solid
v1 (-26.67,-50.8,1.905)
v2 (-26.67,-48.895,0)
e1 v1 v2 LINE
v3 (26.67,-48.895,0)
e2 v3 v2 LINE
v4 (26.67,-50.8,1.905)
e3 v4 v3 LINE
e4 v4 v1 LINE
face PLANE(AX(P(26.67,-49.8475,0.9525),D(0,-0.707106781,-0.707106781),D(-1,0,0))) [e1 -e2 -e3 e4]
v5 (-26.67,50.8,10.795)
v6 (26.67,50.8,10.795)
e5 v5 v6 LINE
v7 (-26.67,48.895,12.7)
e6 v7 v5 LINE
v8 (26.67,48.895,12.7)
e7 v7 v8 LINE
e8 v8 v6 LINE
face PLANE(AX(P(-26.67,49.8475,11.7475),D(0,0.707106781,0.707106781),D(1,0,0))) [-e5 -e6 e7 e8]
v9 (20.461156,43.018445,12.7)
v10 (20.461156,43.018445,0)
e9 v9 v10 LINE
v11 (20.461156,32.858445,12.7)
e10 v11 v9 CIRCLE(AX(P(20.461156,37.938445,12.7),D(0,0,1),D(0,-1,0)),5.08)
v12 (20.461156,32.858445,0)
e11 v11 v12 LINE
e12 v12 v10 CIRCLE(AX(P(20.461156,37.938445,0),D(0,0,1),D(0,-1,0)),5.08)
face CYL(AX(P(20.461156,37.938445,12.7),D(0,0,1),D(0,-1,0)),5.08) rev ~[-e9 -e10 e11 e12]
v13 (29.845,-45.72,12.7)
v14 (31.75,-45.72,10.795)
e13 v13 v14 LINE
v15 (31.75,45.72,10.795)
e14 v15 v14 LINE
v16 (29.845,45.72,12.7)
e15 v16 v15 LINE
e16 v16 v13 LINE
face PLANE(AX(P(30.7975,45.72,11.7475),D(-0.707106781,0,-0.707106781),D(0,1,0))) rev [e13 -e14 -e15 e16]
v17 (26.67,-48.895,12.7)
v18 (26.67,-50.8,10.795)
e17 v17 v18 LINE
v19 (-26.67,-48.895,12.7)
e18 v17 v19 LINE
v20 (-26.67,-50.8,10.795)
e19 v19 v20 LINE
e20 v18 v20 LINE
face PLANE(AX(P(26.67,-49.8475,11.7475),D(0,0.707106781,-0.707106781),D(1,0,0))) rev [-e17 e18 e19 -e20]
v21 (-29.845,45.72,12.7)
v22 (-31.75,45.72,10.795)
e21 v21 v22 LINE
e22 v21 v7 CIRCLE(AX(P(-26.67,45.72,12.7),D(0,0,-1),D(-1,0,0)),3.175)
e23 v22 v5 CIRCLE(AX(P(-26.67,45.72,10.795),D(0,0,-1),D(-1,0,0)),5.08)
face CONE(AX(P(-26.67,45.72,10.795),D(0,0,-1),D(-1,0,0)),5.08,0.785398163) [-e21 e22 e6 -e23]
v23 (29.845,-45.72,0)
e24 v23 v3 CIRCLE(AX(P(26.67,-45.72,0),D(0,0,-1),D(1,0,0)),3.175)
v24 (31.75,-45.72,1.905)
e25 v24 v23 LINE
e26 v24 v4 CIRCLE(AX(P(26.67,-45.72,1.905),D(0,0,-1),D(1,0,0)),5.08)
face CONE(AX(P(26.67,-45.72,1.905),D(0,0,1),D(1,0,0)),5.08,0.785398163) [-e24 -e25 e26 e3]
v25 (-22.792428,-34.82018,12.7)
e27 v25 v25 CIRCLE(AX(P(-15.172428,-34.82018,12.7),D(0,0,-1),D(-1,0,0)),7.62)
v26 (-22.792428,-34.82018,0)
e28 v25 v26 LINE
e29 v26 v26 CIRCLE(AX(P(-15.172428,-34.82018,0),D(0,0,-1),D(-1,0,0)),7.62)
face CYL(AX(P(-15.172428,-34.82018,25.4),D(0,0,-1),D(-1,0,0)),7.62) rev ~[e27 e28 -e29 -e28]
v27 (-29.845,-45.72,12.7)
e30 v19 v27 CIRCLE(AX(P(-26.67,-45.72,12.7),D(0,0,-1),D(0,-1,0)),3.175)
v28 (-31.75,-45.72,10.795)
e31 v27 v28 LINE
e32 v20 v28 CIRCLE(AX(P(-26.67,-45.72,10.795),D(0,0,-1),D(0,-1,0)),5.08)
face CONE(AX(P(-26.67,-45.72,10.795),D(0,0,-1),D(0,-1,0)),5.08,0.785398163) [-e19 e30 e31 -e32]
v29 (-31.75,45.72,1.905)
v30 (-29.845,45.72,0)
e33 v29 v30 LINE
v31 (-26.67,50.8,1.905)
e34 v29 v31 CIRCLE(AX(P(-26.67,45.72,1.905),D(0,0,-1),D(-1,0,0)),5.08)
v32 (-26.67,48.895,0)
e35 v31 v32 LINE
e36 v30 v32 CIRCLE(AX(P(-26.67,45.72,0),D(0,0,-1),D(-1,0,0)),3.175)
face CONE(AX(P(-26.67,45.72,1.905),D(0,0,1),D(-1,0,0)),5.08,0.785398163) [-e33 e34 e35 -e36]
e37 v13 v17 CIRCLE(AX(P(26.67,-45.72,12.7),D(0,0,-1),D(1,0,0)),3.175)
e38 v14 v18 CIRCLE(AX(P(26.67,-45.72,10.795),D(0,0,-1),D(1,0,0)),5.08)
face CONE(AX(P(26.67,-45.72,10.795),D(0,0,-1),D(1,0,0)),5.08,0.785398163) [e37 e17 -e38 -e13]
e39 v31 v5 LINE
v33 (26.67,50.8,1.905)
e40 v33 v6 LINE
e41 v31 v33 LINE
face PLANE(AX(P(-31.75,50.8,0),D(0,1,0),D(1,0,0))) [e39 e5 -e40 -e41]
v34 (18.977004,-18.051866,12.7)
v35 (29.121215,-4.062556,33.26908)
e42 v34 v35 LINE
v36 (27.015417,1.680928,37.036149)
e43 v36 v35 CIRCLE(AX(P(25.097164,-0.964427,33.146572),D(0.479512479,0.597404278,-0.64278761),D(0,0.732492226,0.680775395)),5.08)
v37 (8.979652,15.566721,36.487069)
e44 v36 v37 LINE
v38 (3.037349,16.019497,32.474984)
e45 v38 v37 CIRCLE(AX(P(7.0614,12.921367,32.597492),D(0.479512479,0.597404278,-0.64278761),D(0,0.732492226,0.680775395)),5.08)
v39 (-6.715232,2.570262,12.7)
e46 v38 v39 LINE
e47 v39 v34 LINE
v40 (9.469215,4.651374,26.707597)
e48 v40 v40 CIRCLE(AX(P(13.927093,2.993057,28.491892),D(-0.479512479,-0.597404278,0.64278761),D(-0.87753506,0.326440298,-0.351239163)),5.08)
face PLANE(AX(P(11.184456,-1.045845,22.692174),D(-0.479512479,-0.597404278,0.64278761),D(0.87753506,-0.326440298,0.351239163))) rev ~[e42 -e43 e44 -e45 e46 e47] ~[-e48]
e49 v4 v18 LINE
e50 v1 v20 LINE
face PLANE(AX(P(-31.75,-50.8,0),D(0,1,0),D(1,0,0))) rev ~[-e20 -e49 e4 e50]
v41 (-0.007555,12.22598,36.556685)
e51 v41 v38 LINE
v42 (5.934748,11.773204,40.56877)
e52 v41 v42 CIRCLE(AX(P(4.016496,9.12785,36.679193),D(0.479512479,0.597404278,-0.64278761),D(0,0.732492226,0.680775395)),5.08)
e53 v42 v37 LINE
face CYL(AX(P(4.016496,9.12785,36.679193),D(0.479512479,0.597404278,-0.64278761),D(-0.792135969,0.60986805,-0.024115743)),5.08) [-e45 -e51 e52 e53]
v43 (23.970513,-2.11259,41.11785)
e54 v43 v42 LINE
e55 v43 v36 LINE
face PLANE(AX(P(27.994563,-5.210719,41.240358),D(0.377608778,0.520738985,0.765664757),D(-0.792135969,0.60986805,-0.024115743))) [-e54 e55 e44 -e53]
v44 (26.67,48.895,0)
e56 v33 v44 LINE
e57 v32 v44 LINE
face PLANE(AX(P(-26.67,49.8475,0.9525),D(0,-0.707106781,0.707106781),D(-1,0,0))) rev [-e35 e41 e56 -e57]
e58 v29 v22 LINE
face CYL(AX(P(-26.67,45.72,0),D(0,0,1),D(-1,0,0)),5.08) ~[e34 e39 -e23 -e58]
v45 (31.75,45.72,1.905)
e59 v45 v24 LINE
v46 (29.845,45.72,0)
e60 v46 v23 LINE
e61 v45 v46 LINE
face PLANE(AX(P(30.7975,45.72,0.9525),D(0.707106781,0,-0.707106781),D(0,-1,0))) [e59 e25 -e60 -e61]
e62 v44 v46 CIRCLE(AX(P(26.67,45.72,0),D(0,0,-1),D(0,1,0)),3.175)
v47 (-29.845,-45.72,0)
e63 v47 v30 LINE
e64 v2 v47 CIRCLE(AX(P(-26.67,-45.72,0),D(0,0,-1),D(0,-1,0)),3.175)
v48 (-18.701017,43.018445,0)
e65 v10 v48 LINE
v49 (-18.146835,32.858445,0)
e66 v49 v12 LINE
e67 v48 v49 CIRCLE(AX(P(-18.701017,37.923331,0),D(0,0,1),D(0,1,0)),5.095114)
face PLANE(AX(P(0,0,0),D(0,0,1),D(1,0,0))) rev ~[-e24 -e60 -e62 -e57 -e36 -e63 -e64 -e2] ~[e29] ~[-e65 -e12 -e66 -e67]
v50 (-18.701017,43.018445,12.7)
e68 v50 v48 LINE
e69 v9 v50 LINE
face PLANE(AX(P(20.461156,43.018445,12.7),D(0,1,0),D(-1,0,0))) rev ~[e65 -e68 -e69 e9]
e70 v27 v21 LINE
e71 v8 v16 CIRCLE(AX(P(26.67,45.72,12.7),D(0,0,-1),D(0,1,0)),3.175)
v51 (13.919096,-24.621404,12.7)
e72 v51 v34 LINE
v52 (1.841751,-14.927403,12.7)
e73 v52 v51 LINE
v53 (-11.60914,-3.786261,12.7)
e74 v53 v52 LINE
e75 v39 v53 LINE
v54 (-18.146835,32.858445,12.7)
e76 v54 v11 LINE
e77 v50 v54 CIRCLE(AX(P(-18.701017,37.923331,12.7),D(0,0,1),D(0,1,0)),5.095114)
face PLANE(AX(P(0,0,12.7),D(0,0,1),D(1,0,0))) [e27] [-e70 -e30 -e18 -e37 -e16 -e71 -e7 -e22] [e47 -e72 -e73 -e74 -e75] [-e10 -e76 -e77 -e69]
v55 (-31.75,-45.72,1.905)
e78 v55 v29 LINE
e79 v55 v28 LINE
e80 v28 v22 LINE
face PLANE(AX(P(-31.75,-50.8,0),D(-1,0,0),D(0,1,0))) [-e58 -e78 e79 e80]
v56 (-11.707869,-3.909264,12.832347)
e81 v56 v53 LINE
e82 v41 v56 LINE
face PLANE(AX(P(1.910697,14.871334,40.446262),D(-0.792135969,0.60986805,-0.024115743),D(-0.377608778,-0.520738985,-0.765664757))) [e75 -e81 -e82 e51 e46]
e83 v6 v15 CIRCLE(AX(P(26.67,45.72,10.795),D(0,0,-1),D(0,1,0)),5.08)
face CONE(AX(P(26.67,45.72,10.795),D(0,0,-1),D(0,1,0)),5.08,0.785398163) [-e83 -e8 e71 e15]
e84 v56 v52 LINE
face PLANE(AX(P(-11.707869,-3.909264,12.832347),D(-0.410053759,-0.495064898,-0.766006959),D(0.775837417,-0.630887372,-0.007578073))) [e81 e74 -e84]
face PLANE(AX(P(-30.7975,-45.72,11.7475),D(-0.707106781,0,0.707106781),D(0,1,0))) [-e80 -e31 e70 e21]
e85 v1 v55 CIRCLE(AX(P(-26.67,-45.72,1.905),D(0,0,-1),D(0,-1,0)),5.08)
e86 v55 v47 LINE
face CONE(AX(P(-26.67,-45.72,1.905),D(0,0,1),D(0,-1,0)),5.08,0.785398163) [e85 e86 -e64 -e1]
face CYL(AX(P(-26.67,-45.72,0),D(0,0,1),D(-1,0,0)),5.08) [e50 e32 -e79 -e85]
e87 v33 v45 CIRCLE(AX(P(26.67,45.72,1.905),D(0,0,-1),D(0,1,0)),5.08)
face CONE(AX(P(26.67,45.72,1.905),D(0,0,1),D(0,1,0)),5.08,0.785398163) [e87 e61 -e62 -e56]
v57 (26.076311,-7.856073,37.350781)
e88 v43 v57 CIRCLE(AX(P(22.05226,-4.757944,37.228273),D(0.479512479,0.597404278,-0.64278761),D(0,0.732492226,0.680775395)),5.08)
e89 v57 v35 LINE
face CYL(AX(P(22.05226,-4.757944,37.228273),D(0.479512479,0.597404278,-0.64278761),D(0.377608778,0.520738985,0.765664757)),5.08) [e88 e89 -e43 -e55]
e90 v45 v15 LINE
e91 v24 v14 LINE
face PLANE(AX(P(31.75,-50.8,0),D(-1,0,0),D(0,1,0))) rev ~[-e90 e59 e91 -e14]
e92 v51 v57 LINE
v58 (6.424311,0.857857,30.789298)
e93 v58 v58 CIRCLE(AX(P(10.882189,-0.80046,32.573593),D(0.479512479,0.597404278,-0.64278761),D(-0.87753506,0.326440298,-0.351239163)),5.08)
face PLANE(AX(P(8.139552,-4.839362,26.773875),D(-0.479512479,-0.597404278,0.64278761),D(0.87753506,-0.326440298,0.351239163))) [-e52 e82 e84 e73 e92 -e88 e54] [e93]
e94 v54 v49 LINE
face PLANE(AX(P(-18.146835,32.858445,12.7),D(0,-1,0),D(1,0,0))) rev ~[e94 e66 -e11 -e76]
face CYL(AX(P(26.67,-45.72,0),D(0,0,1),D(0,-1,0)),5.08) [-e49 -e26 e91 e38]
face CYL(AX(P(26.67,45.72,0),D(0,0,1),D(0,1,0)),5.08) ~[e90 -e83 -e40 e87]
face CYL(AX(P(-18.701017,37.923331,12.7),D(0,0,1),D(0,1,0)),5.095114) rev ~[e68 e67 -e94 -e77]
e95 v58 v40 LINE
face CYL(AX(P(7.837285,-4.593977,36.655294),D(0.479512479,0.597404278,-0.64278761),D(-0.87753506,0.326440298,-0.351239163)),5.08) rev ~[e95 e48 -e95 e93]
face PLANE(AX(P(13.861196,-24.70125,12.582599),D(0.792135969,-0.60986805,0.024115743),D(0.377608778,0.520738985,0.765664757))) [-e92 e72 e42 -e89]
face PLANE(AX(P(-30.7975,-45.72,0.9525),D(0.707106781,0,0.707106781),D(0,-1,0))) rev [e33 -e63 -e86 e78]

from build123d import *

# Parameters (mm, degrees)
F0_W      = 63.5
F0_H      = 101.6
F1_DEPTH  = 12.7
F5_DEPTH  = 6.35
F6_R      = 5.08
F8_D      = 10.16
F8_DEPTH  = 6.35
F8_TIP    = 3.0523719447
F10_D     = 15.24
F10_DEPTH = 12.7
F10_TIP   = 4.578557917
F12_DEPTH = 25.4
F13_R     = 5.08
F14_SIZE  = 1.905
F15_SIZE  = 1.905


with BuildPart() as f1:
    # F0 (on Top) → F1 (new body)
    with BuildSketch(Plane.XY):
        Rectangle(F0_W, F0_H)
    extrude(amount=F1_DEPTH)

    # F4 (on face) → F5 (join)
    with BuildSketch(Plane(origin=(-7.7671213914, -9.6767273995, 10.4118445509), x_dir=(0.8775350605, -0.3264402976, 0.3512391632), z_dir=(-0.4795124792, -0.5974042778, 0.6427876097))):
        Polygon((11.0284127295, 38.4279564023), (-4.4907014817, 5.8724405244), (24.646670238, -9.5275499275), (40.752428482, 24.2586095854), align=None)
    extrude(amount=-F5_DEPTH)

    # F6
    f6_edges = [f1.edges().sort_by_distance(p)[0] for p in [
        (3.43315, 16.768092, 38.405412),
        (29.517016, -3.313961, 39.199507),
    ]]
    fillet(f6_edges, radius=F6_R)

    # F8
    with Locations(Plane(origin=(-7.7671213914, -9.6767273995, 10.4118445509), x_dir=(0.8775350605, -0.3264402976, 0.3512391632), z_dir=(-0.4795124792, -0.5974042778, 0.6427876097))):
        with Locations((21.2519261986, 21.5889699757)):
            Hole(F8_D / 2, depth=F8_DEPTH)
            with Locations((0, 0, -(F8_DEPTH + F8_TIP / 2))):  # 118° drill point
                Cone(0, F8_D / 2, F8_TIP, mode=Mode.SUBTRACT)

    # F10
    with Locations(Plane.XY.offset(12.7)):
        with Locations((-15.1724275202, -34.8201803863)):
            Hole(F10_D / 2, depth=F10_DEPTH)
            with Locations((0, 0, -(F10_DEPTH + F10_TIP / 2))):  # 118° drill point
                Cone(0, F10_D / 2, F10_TIP, mode=Mode.SUBTRACT)

    # F11 (on face) → F12 (cut)
    with BuildSketch(Plane.XY.offset(12.7)):
        with BuildLine():
            ThreePointArc((-18.7010167369, 43.0184446276), (-23.7885681435, 37.6458278877), (-18.1468351234, 32.8584446276))
            Line((-18.1468351234, 32.8584446276), (20.4611556194, 32.8584446276))
            ThreePointArc((20.4611556194, 32.8584446276), (25.5411556194, 37.9384446276), (20.4611556194, 43.0184446276))
            Line((20.4611556194, 43.0184446276), (-18.7010167369, 43.0184446276))
        make_face()
    extrude(amount=-F12_DEPTH, mode=Mode.SUBTRACT)

    # F13
    f13_edges = [f1.edges().sort_by_distance(p)[0] for p in [
        (-31.75, 50.8, 6.35),
        (-31.75, -50.8, 6.35),
        (31.75, -50.8, 6.35),
        (31.75, 50.8, 6.35),
    ]]
    fillet(f13_edges, radius=F13_R)

    # F14
    f14_edges = [f1.edges().sort_by_distance(p)[0] for p in [
        (-31.75, 0, 12.7),
        (0, 50.8, 12.7),
        (-30.262102, 49.312102, 12.7),
        (30.262102, 49.312102, 12.7),
        (31.75, 0, 12.7),
        (30.262102, -49.312102, 12.7),
        (0, -50.8, 12.7),
        (-30.262102, -49.312102, 12.7),
    ]]
    chamfer(f14_edges, length=F14_SIZE)

    # F15
    f15_edges = [f1.edges().sort_by_distance(p)[0] for p in [
        (-31.75, 0, 0),
        (-30.262102, 49.312102, 0),
        (0, 50.8, 0),
        (30.262102, 49.312102, 0),
        (31.75, 0, 0),
        (30.262102, -49.312102, 0),
        (0, -50.8, 0),
        (-30.262102, -49.312102, 0),
    ]]
    chamfer(f15_edges, length=F15_SIZE)


solid = f1.part
